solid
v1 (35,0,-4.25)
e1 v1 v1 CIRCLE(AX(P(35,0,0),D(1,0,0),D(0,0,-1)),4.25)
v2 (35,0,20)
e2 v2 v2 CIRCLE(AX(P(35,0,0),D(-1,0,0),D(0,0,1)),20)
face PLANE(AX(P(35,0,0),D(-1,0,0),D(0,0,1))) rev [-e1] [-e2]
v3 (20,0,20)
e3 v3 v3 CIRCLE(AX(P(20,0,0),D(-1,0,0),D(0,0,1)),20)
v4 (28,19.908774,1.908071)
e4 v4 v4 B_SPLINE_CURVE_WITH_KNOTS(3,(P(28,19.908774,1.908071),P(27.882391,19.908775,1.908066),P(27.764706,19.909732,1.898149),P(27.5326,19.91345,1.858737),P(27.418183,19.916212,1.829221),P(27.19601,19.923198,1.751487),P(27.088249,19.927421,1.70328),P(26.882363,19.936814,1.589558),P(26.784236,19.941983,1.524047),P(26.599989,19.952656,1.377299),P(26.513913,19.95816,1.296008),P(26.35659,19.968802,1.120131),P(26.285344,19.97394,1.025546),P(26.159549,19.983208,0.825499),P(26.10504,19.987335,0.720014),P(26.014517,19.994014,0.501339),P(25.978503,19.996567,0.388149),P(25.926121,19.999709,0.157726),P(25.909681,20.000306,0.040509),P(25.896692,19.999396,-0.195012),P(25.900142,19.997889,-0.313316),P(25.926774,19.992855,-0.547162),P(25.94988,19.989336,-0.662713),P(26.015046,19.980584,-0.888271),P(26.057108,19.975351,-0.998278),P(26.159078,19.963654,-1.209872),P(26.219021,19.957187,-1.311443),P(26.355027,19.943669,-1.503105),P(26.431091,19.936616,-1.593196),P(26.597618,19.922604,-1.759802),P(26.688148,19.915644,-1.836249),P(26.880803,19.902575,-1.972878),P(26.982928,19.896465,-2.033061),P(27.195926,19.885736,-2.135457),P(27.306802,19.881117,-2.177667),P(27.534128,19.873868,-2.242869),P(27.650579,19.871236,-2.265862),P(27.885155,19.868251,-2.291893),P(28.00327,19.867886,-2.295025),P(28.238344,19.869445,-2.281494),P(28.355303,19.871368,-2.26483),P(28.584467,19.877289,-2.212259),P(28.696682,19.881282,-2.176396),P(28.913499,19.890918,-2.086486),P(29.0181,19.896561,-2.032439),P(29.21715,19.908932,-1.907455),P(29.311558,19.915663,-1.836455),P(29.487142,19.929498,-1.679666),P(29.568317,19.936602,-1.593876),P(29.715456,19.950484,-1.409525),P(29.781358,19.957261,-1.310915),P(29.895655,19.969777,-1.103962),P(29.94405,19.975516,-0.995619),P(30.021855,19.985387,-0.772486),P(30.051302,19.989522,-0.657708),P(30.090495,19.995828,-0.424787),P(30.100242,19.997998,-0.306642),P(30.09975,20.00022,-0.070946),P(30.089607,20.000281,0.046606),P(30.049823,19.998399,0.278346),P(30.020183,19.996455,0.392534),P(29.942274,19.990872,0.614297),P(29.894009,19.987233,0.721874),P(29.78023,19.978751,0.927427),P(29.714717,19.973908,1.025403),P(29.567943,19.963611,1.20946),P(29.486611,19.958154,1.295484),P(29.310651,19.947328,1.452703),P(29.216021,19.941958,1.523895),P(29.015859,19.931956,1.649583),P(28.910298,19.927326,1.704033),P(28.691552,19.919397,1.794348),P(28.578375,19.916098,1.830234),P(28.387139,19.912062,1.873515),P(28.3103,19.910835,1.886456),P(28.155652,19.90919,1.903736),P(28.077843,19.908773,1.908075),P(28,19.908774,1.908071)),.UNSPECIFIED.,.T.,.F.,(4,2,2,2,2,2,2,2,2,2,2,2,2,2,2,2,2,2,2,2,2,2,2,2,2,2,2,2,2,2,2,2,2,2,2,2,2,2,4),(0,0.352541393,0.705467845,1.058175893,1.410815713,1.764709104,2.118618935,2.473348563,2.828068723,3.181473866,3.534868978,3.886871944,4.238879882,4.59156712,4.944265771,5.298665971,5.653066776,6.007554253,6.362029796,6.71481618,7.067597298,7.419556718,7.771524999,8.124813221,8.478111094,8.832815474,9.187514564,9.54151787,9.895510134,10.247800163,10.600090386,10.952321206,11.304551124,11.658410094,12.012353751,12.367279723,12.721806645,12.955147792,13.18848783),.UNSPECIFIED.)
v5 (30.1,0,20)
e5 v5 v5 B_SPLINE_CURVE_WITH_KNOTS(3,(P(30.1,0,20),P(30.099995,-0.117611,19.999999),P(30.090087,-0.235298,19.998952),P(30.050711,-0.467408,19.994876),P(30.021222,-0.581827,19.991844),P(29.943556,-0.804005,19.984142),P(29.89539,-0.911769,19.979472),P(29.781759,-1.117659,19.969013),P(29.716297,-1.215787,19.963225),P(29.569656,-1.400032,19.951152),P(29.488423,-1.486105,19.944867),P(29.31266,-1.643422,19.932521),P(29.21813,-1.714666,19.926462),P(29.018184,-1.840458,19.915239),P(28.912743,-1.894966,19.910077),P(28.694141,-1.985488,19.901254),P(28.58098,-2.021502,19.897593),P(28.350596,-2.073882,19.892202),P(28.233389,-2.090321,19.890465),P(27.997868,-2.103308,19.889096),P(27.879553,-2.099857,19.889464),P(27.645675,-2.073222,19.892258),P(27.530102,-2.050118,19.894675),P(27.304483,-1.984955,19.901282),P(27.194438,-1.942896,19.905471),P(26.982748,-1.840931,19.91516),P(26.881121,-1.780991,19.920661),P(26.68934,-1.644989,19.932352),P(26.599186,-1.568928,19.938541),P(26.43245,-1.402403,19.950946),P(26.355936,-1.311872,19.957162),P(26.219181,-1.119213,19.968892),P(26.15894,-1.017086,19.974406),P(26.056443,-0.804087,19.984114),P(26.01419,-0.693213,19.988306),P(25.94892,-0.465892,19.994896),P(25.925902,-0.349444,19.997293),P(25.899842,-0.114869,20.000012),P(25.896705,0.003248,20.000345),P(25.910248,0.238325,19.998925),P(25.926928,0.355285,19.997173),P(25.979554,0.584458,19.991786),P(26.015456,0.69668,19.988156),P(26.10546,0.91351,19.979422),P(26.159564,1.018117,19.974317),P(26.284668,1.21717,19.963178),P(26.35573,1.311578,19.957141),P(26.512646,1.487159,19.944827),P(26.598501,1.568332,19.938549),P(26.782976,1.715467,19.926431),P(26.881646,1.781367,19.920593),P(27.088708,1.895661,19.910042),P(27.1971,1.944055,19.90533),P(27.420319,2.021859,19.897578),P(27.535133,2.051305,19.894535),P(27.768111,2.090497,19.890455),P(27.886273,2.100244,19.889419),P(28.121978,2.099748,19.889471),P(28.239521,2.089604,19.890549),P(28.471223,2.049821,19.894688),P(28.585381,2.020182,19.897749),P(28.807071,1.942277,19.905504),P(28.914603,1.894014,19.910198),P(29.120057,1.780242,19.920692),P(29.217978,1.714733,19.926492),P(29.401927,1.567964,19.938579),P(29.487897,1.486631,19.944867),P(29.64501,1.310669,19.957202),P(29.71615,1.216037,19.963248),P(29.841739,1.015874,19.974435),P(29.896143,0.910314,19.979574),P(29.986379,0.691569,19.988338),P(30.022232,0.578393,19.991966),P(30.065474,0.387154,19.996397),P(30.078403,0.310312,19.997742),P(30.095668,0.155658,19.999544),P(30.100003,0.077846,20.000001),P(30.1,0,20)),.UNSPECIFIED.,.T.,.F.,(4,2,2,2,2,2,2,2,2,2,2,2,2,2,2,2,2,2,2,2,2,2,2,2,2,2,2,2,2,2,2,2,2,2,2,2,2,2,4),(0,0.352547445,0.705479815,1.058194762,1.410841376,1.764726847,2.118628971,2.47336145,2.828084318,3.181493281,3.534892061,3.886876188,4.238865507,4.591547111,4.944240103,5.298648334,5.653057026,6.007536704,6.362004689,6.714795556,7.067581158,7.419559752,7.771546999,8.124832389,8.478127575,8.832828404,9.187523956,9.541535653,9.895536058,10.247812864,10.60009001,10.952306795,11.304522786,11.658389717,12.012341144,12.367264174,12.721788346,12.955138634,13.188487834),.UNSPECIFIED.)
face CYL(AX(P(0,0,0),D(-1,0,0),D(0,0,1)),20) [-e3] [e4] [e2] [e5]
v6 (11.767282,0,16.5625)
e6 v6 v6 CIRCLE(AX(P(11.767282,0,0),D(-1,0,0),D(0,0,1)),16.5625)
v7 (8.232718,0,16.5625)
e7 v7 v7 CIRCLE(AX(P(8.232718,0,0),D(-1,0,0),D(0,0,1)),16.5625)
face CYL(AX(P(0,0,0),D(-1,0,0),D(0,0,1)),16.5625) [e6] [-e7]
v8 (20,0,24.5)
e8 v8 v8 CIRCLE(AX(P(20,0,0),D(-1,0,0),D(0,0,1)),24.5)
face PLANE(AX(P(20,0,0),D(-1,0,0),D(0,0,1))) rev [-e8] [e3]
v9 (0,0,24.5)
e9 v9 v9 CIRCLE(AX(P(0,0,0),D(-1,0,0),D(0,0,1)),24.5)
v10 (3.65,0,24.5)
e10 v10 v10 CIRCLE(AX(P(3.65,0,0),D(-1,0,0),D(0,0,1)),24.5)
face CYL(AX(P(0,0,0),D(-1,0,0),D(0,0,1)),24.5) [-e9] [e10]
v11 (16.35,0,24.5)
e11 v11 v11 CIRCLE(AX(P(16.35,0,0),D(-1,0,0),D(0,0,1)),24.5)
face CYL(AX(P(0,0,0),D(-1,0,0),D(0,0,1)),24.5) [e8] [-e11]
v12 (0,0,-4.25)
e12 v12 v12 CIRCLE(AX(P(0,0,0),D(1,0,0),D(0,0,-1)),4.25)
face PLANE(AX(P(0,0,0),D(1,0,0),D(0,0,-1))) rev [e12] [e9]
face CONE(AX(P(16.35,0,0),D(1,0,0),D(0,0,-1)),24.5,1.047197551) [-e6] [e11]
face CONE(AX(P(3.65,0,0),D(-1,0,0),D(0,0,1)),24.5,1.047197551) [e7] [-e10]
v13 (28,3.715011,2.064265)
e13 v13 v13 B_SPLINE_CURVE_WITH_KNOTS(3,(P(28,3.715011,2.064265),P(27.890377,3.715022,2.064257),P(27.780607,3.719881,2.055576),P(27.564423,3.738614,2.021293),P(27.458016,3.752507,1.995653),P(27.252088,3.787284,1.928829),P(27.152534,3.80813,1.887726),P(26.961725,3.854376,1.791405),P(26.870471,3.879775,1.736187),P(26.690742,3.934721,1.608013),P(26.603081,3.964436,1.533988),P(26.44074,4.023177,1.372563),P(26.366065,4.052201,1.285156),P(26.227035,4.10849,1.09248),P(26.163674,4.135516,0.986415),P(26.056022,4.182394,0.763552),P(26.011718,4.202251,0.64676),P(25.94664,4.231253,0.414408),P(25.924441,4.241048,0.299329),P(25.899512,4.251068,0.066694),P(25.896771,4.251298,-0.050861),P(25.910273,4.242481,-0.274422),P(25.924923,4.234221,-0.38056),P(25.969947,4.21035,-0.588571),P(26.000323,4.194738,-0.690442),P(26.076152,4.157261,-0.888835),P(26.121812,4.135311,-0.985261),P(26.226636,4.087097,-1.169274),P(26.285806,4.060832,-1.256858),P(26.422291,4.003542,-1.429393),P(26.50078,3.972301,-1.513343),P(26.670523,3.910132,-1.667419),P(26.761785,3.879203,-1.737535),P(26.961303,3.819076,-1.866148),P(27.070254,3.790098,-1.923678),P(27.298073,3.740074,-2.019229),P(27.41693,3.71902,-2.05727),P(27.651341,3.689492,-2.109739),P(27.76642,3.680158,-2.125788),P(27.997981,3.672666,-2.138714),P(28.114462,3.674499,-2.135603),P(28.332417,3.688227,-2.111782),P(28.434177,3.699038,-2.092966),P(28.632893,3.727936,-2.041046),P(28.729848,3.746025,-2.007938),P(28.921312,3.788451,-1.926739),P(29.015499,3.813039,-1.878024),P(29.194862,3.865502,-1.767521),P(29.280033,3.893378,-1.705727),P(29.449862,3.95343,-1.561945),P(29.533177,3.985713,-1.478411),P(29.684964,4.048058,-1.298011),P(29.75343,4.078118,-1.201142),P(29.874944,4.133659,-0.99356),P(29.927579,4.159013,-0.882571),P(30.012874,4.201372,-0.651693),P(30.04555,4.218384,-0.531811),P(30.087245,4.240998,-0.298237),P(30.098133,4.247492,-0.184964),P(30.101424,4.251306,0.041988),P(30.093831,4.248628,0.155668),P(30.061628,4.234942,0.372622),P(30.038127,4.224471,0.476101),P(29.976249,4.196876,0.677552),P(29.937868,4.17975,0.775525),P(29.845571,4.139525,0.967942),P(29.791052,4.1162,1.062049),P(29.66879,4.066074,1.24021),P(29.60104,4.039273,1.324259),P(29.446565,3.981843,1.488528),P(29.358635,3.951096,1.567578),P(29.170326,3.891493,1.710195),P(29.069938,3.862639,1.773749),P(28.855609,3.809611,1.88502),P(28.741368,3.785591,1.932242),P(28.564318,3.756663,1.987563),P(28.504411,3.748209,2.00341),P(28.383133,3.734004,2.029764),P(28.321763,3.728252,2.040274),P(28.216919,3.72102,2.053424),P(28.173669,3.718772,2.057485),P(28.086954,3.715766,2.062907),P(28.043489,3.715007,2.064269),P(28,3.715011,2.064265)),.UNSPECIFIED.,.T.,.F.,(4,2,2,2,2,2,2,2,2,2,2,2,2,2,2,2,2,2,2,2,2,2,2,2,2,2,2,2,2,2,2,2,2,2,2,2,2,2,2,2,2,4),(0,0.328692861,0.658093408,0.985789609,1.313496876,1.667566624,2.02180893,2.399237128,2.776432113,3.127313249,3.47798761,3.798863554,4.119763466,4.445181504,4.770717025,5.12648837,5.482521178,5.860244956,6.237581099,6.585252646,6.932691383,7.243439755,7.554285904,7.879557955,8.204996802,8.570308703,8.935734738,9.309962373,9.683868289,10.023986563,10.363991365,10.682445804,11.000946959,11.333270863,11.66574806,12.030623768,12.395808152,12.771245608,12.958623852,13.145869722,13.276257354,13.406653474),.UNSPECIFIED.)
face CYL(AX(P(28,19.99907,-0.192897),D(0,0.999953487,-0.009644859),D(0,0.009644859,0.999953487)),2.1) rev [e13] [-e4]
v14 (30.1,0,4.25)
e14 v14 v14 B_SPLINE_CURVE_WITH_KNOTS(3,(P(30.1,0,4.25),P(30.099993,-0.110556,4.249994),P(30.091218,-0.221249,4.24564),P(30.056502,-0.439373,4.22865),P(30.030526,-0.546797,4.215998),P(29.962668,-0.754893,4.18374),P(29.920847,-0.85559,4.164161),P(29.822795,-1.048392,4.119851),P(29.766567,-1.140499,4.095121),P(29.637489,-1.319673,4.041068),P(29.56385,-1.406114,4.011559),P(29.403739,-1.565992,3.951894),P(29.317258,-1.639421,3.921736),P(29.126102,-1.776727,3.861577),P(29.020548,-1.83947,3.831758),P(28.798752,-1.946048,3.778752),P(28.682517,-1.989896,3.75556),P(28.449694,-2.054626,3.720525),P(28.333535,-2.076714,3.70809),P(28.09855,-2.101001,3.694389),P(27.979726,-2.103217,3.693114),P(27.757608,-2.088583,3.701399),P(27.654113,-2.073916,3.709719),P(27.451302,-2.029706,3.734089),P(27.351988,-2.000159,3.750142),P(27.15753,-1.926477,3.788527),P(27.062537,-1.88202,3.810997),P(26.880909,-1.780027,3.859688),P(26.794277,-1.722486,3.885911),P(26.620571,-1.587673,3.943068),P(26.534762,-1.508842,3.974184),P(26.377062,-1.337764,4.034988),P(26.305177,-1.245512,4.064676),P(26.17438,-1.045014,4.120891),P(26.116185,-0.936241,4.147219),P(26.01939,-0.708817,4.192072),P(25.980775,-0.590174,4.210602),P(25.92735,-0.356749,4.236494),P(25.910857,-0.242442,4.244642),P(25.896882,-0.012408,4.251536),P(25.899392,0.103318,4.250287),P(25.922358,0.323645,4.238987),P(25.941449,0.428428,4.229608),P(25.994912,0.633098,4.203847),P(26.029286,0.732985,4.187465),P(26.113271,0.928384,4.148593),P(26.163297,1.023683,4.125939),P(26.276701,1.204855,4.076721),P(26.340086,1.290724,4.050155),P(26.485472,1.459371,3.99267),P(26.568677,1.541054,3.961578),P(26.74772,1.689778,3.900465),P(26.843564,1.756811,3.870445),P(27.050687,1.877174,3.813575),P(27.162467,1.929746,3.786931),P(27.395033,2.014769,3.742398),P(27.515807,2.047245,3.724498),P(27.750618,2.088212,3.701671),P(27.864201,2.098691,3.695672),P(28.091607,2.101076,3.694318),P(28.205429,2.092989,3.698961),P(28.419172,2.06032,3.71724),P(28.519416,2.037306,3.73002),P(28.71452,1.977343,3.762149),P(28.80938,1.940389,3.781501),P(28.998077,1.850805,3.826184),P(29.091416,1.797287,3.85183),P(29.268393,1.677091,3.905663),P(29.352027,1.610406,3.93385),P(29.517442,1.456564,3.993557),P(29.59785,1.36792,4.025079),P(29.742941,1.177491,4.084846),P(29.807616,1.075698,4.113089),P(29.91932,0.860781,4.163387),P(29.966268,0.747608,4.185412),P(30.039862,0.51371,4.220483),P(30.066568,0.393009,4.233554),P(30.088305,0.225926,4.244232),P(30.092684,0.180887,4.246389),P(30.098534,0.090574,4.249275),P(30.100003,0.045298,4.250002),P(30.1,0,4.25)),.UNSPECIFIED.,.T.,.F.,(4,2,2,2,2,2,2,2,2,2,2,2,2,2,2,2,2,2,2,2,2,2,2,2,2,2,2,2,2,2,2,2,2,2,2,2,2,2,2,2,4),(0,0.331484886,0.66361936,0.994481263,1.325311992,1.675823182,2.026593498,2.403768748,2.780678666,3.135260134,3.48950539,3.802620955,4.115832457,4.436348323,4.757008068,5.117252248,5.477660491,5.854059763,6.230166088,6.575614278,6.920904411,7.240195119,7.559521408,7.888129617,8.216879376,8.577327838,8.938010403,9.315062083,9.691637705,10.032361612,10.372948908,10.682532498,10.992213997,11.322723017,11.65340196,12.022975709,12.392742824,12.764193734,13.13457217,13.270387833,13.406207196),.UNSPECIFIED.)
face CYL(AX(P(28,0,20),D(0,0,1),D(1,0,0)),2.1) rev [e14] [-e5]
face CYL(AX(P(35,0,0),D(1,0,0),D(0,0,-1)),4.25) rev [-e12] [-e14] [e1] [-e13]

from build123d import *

# Parameters (mm, degrees)
PERFORADOR_PARA_ROSCAR_PARA_MACHO_DE_ROS_D     = 4.2
PERFORADOR_PARA_ROSCAR_PARA_MACHO_DE_ROS_DEPTH = 20
PERFORADOR_PARA_ROSCAR_PARA_MACHO_DE_ROS_TIP   = 1.2618073
PERFORADOR_PARA_ROSCAR_PARA_MACHO_DE_2_D       = 4.2
PERFORADOR_PARA_ROSCAR_PARA_MACHO_DE_2_DEPTH   = 20
PERFORADOR_PARA_ROSCAR_PARA_MACHO_DE_2_TIP     = 1.2618073
PERFORADOR_PARA_ROSCAR_PARA_MACHO_DE_3_D       = 8.5
PERFORADOR_PARA_ROSCAR_PARA_MACHO_DE_3_DEPTH   = 40
PERFORADOR_PARA_ROSCAR_PARA_MACHO_DE_3_TIP     = 2.553657631


with BuildPart() as part:
    # Croquis1 → Revolución1 (revolve)
    with BuildSketch(Plane.XY, mode=Mode.PRIVATE) as revoluci_n1_sk:
        Polygon((16.35, 24.5), (20, 24.5), (20, 20), (35, 20), (35, 0), (0, 0), (0, 24.5), (3.65, 24.5), (8.232717762, 16.5625), (11.767282238, 16.5625), align=None)
    revolve(revoluci_n1_sk.sketch.rotate(Axis((0, 0, 0), (1, 0, 0)), 90), axis=Axis((0, 0, 0), (1, 0, 0)))

    # Perforador para roscar para macho de ros
    with Locations(Plane(origin=(28, 0, 20), x_dir=(1, 0, 0), z_dir=(0, 0, 1))):
        with Locations((0, 0)):
            Hole(PERFORADOR_PARA_ROSCAR_PARA_MACHO_DE_ROS_D / 2, depth=PERFORADOR_PARA_ROSCAR_PARA_MACHO_DE_ROS_DEPTH)
            with Locations((0, 0, -(PERFORADOR_PARA_ROSCAR_PARA_MACHO_DE_ROS_DEPTH + PERFORADOR_PARA_ROSCAR_PARA_MACHO_DE_ROS_TIP / 2))):  # 118° drill point
                Cone(0, PERFORADOR_PARA_ROSCAR_PARA_MACHO_DE_ROS_D / 2, PERFORADOR_PARA_ROSCAR_PARA_MACHO_DE_ROS_TIP, mode=Mode.SUBTRACT)

    # Perforador para roscar para macho de 2
    with Locations(Plane(origin=(28, 19.999069745, -0.192897185), x_dir=(0, 0.009645004686, 0.999953485861), z_dir=(0, 0.999953485861, -0.009645004686))):
        with Locations((0, 0)):
            Hole(PERFORADOR_PARA_ROSCAR_PARA_MACHO_DE_2_D / 2, depth=PERFORADOR_PARA_ROSCAR_PARA_MACHO_DE_2_DEPTH)
            with Locations((0, 0, -(PERFORADOR_PARA_ROSCAR_PARA_MACHO_DE_2_DEPTH + PERFORADOR_PARA_ROSCAR_PARA_MACHO_DE_2_TIP / 2))):  # 118° drill point
                Cone(0, PERFORADOR_PARA_ROSCAR_PARA_MACHO_DE_2_D / 2, PERFORADOR_PARA_ROSCAR_PARA_MACHO_DE_2_TIP, mode=Mode.SUBTRACT)

    # Perforador para roscar para macho de 3
    with Locations(Plane(origin=(35, 0, 0), x_dir=(0, 0, -1), z_dir=(1, 0, 0))):
        with Locations((0, 0)):
            Hole(PERFORADOR_PARA_ROSCAR_PARA_MACHO_DE_3_D / 2, depth=PERFORADOR_PARA_ROSCAR_PARA_MACHO_DE_3_DEPTH)
            with Locations((0, 0, -(PERFORADOR_PARA_ROSCAR_PARA_MACHO_DE_3_DEPTH + PERFORADOR_PARA_ROSCAR_PARA_MACHO_DE_3_TIP / 2))):  # 118° drill point
                Cone(0, PERFORADOR_PARA_ROSCAR_PARA_MACHO_DE_3_D / 2, PERFORADOR_PARA_ROSCAR_PARA_MACHO_DE_3_TIP, mode=Mode.SUBTRACT)


solid = part.part
